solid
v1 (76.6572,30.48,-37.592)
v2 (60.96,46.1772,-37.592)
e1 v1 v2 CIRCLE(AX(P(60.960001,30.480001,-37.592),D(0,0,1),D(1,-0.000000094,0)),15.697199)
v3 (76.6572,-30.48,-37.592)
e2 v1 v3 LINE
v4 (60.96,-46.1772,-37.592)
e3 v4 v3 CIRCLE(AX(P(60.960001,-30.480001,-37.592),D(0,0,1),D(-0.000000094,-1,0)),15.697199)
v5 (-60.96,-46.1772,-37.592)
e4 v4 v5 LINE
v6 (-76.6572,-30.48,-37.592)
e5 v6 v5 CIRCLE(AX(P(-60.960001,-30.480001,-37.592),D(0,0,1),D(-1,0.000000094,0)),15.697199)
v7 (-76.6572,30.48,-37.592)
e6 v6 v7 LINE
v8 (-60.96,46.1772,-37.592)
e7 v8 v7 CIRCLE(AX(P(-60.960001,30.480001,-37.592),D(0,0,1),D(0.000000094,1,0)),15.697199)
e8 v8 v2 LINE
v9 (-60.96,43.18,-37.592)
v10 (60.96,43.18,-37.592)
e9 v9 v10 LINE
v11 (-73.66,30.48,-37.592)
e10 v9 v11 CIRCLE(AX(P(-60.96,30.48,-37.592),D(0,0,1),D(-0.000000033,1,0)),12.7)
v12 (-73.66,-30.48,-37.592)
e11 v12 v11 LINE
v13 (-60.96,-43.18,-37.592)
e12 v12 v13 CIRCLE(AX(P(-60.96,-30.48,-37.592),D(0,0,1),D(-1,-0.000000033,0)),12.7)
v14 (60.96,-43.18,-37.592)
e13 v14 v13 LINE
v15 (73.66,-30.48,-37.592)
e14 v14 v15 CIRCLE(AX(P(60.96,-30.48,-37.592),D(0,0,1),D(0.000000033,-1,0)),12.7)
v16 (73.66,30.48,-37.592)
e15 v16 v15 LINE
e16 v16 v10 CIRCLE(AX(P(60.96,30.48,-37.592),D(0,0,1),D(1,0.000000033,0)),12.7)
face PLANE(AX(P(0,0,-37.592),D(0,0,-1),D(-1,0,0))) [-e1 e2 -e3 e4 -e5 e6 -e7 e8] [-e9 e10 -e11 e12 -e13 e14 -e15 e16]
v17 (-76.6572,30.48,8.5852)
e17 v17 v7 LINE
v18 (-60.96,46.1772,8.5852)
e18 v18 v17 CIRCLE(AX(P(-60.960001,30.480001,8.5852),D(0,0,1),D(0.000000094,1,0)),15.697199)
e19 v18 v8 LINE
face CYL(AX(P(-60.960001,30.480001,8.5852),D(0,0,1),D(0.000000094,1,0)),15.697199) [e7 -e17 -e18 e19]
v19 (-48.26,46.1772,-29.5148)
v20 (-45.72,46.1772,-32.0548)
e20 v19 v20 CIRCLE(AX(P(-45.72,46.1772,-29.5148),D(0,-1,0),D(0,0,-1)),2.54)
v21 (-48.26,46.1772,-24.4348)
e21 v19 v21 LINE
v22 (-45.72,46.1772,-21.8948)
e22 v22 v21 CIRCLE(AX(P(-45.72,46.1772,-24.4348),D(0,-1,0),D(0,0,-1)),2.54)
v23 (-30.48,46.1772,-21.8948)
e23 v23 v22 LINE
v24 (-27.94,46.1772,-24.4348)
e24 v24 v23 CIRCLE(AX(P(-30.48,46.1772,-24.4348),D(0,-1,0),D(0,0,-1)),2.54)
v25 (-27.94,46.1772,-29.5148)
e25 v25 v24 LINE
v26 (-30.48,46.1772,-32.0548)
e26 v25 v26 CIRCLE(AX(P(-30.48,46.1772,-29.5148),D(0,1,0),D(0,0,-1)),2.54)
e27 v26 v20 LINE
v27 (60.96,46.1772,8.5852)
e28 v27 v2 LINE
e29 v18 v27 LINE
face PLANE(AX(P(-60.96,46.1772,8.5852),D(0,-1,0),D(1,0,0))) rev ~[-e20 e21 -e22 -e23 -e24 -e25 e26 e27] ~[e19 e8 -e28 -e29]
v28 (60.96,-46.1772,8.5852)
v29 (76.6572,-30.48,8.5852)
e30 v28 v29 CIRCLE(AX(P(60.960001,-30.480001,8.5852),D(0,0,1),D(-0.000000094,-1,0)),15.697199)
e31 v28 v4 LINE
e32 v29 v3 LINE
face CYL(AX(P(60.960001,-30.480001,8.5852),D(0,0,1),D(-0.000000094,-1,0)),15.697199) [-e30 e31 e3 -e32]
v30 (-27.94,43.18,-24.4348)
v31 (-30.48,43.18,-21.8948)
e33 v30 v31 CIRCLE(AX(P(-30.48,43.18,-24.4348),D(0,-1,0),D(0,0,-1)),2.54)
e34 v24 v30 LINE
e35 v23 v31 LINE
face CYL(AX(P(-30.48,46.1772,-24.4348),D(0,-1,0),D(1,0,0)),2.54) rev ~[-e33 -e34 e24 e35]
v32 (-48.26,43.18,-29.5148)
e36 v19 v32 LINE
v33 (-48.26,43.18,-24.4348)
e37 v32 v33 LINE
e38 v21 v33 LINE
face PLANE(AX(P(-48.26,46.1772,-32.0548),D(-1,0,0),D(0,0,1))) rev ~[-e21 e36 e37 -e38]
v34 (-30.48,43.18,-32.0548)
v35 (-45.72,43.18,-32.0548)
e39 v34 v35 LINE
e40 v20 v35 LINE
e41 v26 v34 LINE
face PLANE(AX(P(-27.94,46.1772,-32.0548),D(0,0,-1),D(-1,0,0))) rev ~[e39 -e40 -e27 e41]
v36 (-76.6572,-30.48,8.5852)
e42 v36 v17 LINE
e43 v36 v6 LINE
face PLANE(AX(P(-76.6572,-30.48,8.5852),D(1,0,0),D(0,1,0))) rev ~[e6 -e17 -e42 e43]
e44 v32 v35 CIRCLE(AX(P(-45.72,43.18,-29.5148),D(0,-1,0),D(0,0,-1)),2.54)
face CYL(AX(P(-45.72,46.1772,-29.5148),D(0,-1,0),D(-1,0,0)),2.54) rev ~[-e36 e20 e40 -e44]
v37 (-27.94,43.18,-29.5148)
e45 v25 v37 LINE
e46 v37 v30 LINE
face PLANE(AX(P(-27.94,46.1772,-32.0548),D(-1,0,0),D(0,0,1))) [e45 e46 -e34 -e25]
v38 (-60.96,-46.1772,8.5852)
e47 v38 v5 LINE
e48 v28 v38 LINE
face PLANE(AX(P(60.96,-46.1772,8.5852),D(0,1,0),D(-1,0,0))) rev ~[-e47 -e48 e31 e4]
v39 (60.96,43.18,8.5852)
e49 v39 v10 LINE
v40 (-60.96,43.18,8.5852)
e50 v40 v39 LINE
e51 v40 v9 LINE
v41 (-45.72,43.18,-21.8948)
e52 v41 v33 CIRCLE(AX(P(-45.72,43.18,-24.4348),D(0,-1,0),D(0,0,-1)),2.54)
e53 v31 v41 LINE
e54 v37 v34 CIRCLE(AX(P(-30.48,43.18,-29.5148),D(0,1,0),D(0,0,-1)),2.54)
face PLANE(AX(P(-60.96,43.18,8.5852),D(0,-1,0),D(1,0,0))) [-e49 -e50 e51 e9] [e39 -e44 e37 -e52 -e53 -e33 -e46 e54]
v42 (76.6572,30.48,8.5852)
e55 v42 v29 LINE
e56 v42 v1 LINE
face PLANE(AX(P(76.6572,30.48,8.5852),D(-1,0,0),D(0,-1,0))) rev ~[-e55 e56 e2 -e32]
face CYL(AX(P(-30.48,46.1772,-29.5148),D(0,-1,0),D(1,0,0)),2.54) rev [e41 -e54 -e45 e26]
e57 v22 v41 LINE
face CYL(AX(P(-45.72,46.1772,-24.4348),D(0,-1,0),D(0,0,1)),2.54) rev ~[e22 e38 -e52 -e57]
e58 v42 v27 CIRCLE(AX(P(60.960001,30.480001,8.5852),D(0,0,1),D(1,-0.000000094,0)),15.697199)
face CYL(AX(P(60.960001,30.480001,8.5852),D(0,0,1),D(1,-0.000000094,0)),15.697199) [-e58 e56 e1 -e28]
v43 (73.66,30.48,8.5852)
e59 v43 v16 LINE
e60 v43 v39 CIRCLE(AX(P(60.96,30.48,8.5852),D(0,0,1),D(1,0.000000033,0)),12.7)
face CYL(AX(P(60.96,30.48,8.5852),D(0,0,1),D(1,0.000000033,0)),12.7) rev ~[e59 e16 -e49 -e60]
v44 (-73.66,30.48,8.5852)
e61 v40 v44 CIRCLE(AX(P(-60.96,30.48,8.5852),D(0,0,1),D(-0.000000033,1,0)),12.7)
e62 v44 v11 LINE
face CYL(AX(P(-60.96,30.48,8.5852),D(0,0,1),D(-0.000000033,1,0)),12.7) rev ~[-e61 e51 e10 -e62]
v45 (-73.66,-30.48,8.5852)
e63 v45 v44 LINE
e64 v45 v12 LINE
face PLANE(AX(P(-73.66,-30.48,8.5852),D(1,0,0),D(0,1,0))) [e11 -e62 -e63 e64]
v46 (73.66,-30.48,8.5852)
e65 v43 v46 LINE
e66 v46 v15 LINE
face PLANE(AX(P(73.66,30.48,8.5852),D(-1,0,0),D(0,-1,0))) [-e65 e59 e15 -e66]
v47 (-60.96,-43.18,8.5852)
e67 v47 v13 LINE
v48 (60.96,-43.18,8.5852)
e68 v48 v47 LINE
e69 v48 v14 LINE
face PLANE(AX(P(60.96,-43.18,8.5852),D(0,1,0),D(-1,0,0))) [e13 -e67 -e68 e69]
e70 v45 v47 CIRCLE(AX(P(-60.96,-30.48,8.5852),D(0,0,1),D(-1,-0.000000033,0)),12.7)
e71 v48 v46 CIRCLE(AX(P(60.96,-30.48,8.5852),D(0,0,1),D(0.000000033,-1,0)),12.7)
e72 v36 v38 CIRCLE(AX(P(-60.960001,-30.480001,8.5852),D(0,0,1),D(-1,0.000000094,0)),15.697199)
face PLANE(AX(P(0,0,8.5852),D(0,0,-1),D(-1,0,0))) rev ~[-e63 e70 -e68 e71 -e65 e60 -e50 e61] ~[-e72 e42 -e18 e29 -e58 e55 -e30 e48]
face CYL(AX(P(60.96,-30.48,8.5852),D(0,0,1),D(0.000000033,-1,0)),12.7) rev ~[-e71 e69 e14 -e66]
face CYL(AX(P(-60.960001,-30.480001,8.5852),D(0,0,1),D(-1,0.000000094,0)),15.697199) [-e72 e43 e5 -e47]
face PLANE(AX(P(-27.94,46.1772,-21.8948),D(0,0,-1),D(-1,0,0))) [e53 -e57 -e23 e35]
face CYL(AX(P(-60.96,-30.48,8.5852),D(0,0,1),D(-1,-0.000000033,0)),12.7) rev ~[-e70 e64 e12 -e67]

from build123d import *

# Parameters (mm, degrees)
PAD016_DEPTH    = 46.1772
SKETCH026_W     = 20.32
SKETCH026_H     = 10.16
POCKET004_DEPTH = 2.9972
FILLET_R        = 2.54


with BuildPart() as part:
    # Sketch019 → Pad016 (new body)
    with BuildSketch(Plane.XY.offset(8.5852)):
        with BuildLine():
            Line((-60.96, 46.1772), (60.96, 46.1772))
            ThreePointArc((76.6572, 30.48), (72.059597, 41.579597), (60.96, 46.1772))
            Line((76.6572, 30.48), (76.6572, -30.48))
            ThreePointArc((60.96, -46.1772), (72.059597, -41.579597), (76.6572, -30.48))
            Line((60.96, -46.1772), (-60.96, -46.1772))
            ThreePointArc((-76.6572, -30.48), (-72.059597, -41.579597), (-60.96, -46.1772))
            Line((-76.6572, -30.48), (-76.6572, 30.48))
            ThreePointArc((-60.96, 46.1772), (-72.059597, 41.579597), (-76.6572, 30.48))
        make_face()
        with BuildLine():
            Line((-60.96, 43.18), (60.96, 43.18))
            ThreePointArc((73.66, 30.48), (69.940256, 39.460256), (60.96, 43.18))
            Line((73.66, 30.48), (73.66, -30.48))
            ThreePointArc((60.96, -43.18), (69.940256, -39.460256), (73.66, -30.48))
            Line((60.96, -43.18), (-60.96, -43.18))
            ThreePointArc((-73.66, -30.48), (-69.940256, -39.460256), (-60.96, -43.18))
            Line((-73.66, -30.48), (-73.66, 30.48))
            ThreePointArc((-60.96, 43.18), (-69.940256, 39.460256), (-73.66, 30.48))
        make_face(mode=Mode.SUBTRACT)
    extrude(amount=-PAD016_DEPTH)

    # Sketch026 → Pocket004 (cut)
    with BuildSketch(Plane(origin=(0, 46.1772, 8.5852), x_dir=(-1, 0, 0), z_dir=(0, 1, 0))):
        with Locations((38.1, -35.56)):
            Rectangle(SKETCH026_W, SKETCH026_H)
    extrude(amount=-POCKET004_DEPTH, mode=Mode.SUBTRACT)

    # Fillet
    fillet_edges = [part.edges().sort_by_distance(p)[0] for p in [
        (-27.94, 44.6786, -21.8948),
        (-27.94, 44.6786, -32.0548),
        (-48.26, 44.6786, -32.0548),
        (-48.26, 44.6786, -21.8948),
    ]]
    fillet(fillet_edges, radius=FILLET_R)


solid = part.part
